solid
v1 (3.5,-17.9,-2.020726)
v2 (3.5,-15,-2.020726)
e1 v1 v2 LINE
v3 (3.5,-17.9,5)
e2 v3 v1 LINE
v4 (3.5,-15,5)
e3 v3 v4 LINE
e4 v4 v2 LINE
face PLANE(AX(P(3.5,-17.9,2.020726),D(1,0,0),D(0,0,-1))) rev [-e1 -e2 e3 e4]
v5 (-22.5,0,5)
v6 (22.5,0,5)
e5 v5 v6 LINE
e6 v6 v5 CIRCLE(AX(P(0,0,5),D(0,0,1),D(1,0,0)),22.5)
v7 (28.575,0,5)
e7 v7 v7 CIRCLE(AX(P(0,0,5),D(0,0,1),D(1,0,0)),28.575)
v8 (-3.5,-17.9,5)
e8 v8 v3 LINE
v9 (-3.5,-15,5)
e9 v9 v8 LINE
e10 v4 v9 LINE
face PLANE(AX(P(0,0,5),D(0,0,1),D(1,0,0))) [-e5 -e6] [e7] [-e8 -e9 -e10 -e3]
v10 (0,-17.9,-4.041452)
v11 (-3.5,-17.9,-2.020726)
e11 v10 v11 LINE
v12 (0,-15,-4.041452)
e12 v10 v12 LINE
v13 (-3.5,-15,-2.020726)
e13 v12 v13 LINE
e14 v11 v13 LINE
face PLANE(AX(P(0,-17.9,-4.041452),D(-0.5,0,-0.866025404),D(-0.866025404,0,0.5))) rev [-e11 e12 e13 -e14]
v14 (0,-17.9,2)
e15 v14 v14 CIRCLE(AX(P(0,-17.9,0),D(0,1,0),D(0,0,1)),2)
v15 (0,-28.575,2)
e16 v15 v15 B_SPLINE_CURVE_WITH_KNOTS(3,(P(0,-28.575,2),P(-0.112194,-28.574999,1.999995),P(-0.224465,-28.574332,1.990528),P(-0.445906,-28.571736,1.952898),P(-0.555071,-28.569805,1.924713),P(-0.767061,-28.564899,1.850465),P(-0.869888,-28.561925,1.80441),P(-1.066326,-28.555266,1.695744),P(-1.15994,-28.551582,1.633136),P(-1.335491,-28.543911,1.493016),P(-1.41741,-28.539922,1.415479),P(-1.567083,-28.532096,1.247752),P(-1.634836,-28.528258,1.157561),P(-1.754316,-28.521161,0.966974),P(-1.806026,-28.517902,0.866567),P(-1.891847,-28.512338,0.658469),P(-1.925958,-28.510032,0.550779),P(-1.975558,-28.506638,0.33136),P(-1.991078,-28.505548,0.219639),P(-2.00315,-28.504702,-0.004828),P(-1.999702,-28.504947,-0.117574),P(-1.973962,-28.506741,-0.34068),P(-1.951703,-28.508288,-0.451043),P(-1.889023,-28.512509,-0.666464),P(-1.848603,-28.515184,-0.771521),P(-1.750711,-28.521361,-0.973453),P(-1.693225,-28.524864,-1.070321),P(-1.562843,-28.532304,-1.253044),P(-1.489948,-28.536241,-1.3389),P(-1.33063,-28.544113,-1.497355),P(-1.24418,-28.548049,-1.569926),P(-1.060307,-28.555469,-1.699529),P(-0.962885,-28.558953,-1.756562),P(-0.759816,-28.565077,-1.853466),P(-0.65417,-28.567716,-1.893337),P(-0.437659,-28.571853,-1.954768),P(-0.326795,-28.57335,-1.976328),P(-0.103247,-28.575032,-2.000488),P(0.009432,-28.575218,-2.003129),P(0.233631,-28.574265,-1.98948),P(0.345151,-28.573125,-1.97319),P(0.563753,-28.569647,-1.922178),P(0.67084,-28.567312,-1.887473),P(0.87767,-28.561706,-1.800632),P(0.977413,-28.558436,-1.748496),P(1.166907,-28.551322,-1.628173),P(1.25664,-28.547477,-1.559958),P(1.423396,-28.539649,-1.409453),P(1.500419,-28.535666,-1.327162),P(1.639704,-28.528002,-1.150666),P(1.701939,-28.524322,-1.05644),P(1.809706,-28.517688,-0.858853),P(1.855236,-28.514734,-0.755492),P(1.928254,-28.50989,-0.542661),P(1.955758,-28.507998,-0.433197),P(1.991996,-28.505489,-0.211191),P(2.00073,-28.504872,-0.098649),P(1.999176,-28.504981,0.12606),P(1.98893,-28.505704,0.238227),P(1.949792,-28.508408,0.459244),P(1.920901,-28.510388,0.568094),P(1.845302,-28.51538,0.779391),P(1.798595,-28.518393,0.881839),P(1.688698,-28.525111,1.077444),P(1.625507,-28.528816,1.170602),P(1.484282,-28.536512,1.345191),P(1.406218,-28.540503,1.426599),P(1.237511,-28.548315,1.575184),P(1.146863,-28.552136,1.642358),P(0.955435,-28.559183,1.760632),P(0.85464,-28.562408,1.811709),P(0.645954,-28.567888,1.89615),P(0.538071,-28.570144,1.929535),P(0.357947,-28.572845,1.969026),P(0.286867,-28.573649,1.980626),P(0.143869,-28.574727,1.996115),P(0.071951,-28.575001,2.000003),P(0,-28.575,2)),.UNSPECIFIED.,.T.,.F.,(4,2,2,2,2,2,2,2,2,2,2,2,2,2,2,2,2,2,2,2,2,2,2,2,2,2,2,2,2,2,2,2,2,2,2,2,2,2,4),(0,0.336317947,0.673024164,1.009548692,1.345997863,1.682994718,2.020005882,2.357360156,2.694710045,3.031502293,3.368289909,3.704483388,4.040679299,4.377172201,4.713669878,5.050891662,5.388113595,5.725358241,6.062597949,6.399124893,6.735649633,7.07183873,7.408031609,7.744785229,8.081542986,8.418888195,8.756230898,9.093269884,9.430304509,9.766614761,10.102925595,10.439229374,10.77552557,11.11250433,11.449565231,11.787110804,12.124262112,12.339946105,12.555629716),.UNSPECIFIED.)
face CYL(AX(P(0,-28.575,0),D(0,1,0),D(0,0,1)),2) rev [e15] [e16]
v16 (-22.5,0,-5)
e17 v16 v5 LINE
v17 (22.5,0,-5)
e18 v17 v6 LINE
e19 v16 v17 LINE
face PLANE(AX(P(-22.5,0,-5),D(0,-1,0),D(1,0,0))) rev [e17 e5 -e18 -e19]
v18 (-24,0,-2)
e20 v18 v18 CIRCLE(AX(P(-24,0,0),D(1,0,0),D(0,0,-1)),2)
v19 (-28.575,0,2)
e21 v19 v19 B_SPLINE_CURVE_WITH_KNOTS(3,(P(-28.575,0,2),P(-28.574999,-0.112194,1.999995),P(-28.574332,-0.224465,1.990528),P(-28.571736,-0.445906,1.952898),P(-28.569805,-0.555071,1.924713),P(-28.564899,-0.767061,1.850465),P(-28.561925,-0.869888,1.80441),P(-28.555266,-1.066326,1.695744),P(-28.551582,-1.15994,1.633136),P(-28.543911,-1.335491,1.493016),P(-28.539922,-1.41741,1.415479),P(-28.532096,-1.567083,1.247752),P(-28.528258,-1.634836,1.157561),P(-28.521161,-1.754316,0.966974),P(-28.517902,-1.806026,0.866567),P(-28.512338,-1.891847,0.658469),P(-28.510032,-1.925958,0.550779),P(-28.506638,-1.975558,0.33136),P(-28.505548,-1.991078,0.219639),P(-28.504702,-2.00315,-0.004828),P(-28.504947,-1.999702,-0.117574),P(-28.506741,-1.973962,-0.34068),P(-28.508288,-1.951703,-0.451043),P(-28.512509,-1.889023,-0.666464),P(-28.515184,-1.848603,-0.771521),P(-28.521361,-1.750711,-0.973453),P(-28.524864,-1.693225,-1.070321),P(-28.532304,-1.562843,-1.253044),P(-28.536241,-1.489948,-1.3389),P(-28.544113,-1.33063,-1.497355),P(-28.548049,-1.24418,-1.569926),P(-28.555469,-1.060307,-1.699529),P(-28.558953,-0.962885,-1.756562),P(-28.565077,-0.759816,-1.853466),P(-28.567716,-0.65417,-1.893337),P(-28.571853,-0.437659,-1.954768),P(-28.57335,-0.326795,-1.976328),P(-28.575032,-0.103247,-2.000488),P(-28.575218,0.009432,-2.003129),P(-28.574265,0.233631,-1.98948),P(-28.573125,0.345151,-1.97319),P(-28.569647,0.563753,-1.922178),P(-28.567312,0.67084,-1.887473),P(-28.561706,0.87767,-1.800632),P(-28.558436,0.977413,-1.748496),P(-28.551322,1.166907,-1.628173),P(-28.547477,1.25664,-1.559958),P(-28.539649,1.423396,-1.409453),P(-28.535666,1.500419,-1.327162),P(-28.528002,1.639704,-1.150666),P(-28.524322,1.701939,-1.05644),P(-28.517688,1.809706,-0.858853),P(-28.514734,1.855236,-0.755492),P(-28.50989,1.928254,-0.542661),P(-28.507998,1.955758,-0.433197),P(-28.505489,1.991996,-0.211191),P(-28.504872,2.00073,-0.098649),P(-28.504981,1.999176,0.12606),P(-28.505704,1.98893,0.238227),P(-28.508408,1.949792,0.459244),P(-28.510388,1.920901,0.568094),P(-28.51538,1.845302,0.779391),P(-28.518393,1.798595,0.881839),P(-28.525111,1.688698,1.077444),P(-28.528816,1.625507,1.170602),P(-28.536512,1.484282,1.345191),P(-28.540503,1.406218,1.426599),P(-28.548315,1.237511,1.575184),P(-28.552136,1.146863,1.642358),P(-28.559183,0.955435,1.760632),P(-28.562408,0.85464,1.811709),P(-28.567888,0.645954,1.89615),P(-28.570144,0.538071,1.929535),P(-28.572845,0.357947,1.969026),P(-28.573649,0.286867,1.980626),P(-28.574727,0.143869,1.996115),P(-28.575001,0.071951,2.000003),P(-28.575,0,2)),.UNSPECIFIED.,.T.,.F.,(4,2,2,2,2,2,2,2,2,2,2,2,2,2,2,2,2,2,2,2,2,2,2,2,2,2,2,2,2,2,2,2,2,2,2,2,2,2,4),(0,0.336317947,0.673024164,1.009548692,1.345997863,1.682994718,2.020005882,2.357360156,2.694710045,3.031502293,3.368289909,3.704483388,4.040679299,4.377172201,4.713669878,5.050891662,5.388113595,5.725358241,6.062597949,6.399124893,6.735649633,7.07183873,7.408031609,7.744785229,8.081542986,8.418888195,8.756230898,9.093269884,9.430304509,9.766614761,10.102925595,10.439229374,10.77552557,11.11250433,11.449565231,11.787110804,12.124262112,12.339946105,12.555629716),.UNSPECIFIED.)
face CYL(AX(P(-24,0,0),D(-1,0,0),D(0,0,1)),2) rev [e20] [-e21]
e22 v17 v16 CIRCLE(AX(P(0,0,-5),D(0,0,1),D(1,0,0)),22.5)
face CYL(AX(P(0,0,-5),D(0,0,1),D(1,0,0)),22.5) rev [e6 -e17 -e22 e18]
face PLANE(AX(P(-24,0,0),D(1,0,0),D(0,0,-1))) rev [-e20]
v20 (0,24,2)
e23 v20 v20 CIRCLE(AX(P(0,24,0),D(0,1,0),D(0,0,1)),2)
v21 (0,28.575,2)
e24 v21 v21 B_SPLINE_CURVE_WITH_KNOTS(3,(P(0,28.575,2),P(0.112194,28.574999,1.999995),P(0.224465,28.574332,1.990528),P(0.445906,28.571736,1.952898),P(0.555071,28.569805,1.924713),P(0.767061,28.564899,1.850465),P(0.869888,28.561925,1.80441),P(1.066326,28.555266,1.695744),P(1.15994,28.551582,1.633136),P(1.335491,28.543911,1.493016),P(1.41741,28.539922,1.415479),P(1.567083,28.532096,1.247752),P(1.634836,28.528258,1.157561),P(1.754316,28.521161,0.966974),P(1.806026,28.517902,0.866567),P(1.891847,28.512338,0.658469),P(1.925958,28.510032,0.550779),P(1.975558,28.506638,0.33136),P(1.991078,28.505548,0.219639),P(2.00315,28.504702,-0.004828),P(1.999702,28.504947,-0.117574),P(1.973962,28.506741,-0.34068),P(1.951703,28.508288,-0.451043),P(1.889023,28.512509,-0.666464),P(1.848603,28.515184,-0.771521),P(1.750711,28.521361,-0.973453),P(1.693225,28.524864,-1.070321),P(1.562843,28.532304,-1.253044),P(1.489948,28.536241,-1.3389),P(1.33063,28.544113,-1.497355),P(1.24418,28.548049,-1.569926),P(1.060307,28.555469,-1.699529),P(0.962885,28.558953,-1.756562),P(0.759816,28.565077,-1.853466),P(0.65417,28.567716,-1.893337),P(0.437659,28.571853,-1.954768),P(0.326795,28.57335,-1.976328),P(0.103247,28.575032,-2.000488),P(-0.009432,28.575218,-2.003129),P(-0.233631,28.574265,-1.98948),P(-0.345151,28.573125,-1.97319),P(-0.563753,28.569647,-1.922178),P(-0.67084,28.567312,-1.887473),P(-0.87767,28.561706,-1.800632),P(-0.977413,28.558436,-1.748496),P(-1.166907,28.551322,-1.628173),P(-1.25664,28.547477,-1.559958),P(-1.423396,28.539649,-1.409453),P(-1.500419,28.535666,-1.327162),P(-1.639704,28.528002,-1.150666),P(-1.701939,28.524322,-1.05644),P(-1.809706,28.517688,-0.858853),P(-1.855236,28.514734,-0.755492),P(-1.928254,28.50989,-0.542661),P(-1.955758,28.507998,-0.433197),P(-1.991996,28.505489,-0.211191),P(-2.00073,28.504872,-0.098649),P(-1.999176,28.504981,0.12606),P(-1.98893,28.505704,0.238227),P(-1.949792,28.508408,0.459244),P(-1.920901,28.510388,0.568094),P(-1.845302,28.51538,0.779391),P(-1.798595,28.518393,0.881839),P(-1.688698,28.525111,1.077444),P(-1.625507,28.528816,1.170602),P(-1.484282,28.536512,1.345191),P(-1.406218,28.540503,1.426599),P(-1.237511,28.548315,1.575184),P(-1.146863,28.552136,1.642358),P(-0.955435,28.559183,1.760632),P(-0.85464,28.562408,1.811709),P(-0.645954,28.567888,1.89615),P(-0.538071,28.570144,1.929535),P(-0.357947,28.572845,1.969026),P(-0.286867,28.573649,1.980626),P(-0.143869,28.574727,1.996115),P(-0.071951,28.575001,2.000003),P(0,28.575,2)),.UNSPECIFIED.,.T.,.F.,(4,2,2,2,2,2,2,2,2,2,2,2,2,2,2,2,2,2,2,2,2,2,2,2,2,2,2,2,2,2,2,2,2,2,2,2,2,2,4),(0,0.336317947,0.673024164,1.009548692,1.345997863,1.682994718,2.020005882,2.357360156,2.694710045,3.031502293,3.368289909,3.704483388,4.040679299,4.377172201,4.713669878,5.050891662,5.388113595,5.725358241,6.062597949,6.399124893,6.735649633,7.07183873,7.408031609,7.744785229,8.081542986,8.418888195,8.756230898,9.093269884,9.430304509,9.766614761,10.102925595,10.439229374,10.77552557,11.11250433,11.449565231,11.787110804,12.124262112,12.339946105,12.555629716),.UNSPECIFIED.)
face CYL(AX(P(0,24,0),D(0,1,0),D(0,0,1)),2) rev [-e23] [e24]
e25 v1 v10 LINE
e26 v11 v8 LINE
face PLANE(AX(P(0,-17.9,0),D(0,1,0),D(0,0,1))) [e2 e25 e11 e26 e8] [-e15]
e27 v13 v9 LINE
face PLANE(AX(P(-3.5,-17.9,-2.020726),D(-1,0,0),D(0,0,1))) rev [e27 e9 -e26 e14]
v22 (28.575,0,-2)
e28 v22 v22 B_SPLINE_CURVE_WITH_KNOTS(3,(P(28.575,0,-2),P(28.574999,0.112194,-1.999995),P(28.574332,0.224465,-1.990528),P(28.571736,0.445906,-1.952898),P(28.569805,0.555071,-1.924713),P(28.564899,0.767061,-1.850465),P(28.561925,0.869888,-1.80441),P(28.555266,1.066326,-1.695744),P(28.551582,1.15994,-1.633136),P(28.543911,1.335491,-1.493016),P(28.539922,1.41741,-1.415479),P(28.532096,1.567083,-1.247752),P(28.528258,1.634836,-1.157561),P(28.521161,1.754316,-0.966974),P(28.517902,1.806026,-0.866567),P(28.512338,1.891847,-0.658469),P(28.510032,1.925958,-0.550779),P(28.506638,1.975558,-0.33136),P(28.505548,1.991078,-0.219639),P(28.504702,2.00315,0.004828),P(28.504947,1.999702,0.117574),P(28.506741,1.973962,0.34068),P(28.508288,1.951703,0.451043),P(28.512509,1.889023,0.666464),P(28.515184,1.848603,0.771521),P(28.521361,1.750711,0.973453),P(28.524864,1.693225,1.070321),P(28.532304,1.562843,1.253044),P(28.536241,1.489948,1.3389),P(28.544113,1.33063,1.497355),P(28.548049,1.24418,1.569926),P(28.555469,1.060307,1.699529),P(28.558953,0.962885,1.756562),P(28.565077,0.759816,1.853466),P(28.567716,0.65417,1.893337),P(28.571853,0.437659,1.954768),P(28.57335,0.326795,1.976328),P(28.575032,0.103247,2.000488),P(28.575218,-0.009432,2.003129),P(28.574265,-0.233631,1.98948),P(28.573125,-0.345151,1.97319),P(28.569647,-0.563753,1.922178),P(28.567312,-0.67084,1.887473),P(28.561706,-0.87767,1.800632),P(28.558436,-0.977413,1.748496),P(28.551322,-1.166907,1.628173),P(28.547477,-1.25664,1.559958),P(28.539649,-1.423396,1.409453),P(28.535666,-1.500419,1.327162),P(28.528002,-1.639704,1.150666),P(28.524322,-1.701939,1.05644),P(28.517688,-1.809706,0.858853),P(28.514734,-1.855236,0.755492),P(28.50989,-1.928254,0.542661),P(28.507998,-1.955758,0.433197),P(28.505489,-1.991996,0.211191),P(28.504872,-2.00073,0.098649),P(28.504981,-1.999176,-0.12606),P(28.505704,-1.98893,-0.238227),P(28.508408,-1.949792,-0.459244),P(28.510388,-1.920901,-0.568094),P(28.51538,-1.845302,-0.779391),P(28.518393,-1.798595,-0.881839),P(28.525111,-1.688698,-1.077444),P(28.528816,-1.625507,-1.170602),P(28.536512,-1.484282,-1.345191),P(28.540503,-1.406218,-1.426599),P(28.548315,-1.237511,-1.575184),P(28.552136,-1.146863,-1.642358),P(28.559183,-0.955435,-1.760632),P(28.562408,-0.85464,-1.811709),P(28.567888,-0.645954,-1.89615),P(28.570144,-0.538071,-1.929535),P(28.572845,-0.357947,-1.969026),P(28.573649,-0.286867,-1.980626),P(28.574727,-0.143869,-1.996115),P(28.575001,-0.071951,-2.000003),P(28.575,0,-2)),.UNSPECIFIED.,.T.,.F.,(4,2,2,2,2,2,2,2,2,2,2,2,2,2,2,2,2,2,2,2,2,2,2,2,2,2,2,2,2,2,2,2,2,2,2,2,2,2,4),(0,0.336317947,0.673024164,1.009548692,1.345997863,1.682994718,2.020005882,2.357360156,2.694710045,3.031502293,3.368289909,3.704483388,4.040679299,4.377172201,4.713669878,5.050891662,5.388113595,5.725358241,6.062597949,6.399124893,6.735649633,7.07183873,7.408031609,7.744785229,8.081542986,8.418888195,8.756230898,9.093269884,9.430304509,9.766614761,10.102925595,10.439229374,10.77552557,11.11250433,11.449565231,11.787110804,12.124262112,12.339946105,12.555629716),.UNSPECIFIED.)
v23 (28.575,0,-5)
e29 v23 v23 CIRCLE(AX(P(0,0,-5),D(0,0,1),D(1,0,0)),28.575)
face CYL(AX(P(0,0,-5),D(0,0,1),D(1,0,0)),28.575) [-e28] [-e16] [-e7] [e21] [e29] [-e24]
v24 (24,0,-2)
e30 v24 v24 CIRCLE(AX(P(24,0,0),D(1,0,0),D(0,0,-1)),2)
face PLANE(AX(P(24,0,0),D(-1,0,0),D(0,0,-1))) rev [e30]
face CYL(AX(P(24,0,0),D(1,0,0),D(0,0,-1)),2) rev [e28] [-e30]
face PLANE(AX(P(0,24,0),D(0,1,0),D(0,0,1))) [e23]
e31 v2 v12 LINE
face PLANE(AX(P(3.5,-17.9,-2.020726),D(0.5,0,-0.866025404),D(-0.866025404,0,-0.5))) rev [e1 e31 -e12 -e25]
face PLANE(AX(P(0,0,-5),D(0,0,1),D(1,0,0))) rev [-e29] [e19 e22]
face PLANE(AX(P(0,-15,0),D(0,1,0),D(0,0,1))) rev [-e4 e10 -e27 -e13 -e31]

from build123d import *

# Parameters (mm, degrees)
BOSS_EXTRUDE1_DEPTH      = 5
BOSS_EXTRUDE1_DEPTH_BACK = 5
SKETCH1_R                = 28.575
CUT_EXTRUDE12_START      = 29
SKETCH15_R               = 2
CUT_EXTRUDE12_DEPTH      = 5
CUT_EXTRUDE13_START      = -29
SKETCH16_R               = 2
CUT_EXTRUDE13_DEPTH      = 5
CUT_EXTRUDE14_START      = -15
CUT_EXTRUDE14_DEPTH      = 2.9
CUT_EXTRUDE15_DEPTH      = 41.719298408
CUT_EXTRUDE15_DEPTH_BACK = 41.719298408
SKETCH21_W               = 7
SKETCH21_H               = 2.9
CUT_EXTRUDE16_DEPTH      = 5
SKETCH22_R               = 2
CUT_EXTRUDE17_DEPTH      = 55.785547971


with BuildPart() as part:
    # Sketch1 → Boss-Extrude1 (new, two sides: drawn at the far end of the back side and taken through both)
    with BuildSketch(Plane.XY.offset(-BOSS_EXTRUDE1_DEPTH_BACK)):
        Circle(SKETCH1_R)
    extrude(amount=BOSS_EXTRUDE1_DEPTH + BOSS_EXTRUDE1_DEPTH_BACK)

    # Sketch15 → Cut-Extrude12 (cut)
    with BuildSketch(Plane(origin=(0, 0, 0), x_dir=(1, 0, 0), z_dir=(0, 1, 0)).offset(CUT_EXTRUDE12_START)):
        Circle(SKETCH15_R)
    extrude(amount=-CUT_EXTRUDE12_DEPTH, mode=Mode.SUBTRACT)

    # Sketch16 → Cut-Extrude13 (cut)
    with BuildSketch(Plane(origin=(0, 0, 0), x_dir=(0, 0, -1), z_dir=(1, 0, 0)).offset(CUT_EXTRUDE13_START)):
        Circle(SKETCH16_R)
    cut_extrude13 = extrude(amount=CUT_EXTRUDE13_DEPTH, mode=Mode.SUBTRACT)

    # Sketch19 → Cut-Extrude14 (cut)
    with BuildSketch(Plane(origin=(0, 0, 0), x_dir=(1, 0, 0), z_dir=(0, 1, 0)).offset(CUT_EXTRUDE14_START)):
        Polygon((0, 4.041451884), (-3.5, 2.020725942), (-3.5, -2.020725942), (0, -4.041451884), (3.5, -2.020725942), (3.5, 2.020725942), align=None)
    extrude(amount=-CUT_EXTRUDE14_DEPTH, mode=Mode.SUBTRACT)

    # Sketch20 → Cut-Extrude15 (cut, two sides: drawn at the far end of the back side and taken through both)
    with BuildSketch(Plane.XY.offset(-CUT_EXTRUDE15_DEPTH_BACK)):
        with BuildLine():
            Line((-22.5, 0), (22.5, 0))
            ThreePointArc((22.5, 0), (0, 22.5), (-22.5, 0))
        make_face()
    extrude(amount=CUT_EXTRUDE15_DEPTH + CUT_EXTRUDE15_DEPTH_BACK, mode=Mode.SUBTRACT)

    # Mirror1: Cut-Extrude13 across plane
    add(cut_extrude13.mirror(Plane(origin=(0, 0, 0), x_dir=(0, 0, 1), z_dir=(1, 0, 0))), mode=Mode.SUBTRACT)

    # Sketch21 → Cut-Extrude16 (cut)
    with BuildSketch(Plane.XY.offset(5)):
        with Locations((0, -16.45)):
            Rectangle(SKETCH21_W, SKETCH21_H)
    extrude(amount=-CUT_EXTRUDE16_DEPTH, mode=Mode.SUBTRACT)

    # Sketch22 → Cut-Extrude17 (cut, through all)
    with BuildSketch(Plane(origin=(0, -17.9, 0), x_dir=(1, 0, 0), z_dir=(0, 1, 0))):
        Circle(SKETCH22_R)
    extrude(amount=-CUT_EXTRUDE17_DEPTH, mode=Mode.SUBTRACT)


solid = part.part
